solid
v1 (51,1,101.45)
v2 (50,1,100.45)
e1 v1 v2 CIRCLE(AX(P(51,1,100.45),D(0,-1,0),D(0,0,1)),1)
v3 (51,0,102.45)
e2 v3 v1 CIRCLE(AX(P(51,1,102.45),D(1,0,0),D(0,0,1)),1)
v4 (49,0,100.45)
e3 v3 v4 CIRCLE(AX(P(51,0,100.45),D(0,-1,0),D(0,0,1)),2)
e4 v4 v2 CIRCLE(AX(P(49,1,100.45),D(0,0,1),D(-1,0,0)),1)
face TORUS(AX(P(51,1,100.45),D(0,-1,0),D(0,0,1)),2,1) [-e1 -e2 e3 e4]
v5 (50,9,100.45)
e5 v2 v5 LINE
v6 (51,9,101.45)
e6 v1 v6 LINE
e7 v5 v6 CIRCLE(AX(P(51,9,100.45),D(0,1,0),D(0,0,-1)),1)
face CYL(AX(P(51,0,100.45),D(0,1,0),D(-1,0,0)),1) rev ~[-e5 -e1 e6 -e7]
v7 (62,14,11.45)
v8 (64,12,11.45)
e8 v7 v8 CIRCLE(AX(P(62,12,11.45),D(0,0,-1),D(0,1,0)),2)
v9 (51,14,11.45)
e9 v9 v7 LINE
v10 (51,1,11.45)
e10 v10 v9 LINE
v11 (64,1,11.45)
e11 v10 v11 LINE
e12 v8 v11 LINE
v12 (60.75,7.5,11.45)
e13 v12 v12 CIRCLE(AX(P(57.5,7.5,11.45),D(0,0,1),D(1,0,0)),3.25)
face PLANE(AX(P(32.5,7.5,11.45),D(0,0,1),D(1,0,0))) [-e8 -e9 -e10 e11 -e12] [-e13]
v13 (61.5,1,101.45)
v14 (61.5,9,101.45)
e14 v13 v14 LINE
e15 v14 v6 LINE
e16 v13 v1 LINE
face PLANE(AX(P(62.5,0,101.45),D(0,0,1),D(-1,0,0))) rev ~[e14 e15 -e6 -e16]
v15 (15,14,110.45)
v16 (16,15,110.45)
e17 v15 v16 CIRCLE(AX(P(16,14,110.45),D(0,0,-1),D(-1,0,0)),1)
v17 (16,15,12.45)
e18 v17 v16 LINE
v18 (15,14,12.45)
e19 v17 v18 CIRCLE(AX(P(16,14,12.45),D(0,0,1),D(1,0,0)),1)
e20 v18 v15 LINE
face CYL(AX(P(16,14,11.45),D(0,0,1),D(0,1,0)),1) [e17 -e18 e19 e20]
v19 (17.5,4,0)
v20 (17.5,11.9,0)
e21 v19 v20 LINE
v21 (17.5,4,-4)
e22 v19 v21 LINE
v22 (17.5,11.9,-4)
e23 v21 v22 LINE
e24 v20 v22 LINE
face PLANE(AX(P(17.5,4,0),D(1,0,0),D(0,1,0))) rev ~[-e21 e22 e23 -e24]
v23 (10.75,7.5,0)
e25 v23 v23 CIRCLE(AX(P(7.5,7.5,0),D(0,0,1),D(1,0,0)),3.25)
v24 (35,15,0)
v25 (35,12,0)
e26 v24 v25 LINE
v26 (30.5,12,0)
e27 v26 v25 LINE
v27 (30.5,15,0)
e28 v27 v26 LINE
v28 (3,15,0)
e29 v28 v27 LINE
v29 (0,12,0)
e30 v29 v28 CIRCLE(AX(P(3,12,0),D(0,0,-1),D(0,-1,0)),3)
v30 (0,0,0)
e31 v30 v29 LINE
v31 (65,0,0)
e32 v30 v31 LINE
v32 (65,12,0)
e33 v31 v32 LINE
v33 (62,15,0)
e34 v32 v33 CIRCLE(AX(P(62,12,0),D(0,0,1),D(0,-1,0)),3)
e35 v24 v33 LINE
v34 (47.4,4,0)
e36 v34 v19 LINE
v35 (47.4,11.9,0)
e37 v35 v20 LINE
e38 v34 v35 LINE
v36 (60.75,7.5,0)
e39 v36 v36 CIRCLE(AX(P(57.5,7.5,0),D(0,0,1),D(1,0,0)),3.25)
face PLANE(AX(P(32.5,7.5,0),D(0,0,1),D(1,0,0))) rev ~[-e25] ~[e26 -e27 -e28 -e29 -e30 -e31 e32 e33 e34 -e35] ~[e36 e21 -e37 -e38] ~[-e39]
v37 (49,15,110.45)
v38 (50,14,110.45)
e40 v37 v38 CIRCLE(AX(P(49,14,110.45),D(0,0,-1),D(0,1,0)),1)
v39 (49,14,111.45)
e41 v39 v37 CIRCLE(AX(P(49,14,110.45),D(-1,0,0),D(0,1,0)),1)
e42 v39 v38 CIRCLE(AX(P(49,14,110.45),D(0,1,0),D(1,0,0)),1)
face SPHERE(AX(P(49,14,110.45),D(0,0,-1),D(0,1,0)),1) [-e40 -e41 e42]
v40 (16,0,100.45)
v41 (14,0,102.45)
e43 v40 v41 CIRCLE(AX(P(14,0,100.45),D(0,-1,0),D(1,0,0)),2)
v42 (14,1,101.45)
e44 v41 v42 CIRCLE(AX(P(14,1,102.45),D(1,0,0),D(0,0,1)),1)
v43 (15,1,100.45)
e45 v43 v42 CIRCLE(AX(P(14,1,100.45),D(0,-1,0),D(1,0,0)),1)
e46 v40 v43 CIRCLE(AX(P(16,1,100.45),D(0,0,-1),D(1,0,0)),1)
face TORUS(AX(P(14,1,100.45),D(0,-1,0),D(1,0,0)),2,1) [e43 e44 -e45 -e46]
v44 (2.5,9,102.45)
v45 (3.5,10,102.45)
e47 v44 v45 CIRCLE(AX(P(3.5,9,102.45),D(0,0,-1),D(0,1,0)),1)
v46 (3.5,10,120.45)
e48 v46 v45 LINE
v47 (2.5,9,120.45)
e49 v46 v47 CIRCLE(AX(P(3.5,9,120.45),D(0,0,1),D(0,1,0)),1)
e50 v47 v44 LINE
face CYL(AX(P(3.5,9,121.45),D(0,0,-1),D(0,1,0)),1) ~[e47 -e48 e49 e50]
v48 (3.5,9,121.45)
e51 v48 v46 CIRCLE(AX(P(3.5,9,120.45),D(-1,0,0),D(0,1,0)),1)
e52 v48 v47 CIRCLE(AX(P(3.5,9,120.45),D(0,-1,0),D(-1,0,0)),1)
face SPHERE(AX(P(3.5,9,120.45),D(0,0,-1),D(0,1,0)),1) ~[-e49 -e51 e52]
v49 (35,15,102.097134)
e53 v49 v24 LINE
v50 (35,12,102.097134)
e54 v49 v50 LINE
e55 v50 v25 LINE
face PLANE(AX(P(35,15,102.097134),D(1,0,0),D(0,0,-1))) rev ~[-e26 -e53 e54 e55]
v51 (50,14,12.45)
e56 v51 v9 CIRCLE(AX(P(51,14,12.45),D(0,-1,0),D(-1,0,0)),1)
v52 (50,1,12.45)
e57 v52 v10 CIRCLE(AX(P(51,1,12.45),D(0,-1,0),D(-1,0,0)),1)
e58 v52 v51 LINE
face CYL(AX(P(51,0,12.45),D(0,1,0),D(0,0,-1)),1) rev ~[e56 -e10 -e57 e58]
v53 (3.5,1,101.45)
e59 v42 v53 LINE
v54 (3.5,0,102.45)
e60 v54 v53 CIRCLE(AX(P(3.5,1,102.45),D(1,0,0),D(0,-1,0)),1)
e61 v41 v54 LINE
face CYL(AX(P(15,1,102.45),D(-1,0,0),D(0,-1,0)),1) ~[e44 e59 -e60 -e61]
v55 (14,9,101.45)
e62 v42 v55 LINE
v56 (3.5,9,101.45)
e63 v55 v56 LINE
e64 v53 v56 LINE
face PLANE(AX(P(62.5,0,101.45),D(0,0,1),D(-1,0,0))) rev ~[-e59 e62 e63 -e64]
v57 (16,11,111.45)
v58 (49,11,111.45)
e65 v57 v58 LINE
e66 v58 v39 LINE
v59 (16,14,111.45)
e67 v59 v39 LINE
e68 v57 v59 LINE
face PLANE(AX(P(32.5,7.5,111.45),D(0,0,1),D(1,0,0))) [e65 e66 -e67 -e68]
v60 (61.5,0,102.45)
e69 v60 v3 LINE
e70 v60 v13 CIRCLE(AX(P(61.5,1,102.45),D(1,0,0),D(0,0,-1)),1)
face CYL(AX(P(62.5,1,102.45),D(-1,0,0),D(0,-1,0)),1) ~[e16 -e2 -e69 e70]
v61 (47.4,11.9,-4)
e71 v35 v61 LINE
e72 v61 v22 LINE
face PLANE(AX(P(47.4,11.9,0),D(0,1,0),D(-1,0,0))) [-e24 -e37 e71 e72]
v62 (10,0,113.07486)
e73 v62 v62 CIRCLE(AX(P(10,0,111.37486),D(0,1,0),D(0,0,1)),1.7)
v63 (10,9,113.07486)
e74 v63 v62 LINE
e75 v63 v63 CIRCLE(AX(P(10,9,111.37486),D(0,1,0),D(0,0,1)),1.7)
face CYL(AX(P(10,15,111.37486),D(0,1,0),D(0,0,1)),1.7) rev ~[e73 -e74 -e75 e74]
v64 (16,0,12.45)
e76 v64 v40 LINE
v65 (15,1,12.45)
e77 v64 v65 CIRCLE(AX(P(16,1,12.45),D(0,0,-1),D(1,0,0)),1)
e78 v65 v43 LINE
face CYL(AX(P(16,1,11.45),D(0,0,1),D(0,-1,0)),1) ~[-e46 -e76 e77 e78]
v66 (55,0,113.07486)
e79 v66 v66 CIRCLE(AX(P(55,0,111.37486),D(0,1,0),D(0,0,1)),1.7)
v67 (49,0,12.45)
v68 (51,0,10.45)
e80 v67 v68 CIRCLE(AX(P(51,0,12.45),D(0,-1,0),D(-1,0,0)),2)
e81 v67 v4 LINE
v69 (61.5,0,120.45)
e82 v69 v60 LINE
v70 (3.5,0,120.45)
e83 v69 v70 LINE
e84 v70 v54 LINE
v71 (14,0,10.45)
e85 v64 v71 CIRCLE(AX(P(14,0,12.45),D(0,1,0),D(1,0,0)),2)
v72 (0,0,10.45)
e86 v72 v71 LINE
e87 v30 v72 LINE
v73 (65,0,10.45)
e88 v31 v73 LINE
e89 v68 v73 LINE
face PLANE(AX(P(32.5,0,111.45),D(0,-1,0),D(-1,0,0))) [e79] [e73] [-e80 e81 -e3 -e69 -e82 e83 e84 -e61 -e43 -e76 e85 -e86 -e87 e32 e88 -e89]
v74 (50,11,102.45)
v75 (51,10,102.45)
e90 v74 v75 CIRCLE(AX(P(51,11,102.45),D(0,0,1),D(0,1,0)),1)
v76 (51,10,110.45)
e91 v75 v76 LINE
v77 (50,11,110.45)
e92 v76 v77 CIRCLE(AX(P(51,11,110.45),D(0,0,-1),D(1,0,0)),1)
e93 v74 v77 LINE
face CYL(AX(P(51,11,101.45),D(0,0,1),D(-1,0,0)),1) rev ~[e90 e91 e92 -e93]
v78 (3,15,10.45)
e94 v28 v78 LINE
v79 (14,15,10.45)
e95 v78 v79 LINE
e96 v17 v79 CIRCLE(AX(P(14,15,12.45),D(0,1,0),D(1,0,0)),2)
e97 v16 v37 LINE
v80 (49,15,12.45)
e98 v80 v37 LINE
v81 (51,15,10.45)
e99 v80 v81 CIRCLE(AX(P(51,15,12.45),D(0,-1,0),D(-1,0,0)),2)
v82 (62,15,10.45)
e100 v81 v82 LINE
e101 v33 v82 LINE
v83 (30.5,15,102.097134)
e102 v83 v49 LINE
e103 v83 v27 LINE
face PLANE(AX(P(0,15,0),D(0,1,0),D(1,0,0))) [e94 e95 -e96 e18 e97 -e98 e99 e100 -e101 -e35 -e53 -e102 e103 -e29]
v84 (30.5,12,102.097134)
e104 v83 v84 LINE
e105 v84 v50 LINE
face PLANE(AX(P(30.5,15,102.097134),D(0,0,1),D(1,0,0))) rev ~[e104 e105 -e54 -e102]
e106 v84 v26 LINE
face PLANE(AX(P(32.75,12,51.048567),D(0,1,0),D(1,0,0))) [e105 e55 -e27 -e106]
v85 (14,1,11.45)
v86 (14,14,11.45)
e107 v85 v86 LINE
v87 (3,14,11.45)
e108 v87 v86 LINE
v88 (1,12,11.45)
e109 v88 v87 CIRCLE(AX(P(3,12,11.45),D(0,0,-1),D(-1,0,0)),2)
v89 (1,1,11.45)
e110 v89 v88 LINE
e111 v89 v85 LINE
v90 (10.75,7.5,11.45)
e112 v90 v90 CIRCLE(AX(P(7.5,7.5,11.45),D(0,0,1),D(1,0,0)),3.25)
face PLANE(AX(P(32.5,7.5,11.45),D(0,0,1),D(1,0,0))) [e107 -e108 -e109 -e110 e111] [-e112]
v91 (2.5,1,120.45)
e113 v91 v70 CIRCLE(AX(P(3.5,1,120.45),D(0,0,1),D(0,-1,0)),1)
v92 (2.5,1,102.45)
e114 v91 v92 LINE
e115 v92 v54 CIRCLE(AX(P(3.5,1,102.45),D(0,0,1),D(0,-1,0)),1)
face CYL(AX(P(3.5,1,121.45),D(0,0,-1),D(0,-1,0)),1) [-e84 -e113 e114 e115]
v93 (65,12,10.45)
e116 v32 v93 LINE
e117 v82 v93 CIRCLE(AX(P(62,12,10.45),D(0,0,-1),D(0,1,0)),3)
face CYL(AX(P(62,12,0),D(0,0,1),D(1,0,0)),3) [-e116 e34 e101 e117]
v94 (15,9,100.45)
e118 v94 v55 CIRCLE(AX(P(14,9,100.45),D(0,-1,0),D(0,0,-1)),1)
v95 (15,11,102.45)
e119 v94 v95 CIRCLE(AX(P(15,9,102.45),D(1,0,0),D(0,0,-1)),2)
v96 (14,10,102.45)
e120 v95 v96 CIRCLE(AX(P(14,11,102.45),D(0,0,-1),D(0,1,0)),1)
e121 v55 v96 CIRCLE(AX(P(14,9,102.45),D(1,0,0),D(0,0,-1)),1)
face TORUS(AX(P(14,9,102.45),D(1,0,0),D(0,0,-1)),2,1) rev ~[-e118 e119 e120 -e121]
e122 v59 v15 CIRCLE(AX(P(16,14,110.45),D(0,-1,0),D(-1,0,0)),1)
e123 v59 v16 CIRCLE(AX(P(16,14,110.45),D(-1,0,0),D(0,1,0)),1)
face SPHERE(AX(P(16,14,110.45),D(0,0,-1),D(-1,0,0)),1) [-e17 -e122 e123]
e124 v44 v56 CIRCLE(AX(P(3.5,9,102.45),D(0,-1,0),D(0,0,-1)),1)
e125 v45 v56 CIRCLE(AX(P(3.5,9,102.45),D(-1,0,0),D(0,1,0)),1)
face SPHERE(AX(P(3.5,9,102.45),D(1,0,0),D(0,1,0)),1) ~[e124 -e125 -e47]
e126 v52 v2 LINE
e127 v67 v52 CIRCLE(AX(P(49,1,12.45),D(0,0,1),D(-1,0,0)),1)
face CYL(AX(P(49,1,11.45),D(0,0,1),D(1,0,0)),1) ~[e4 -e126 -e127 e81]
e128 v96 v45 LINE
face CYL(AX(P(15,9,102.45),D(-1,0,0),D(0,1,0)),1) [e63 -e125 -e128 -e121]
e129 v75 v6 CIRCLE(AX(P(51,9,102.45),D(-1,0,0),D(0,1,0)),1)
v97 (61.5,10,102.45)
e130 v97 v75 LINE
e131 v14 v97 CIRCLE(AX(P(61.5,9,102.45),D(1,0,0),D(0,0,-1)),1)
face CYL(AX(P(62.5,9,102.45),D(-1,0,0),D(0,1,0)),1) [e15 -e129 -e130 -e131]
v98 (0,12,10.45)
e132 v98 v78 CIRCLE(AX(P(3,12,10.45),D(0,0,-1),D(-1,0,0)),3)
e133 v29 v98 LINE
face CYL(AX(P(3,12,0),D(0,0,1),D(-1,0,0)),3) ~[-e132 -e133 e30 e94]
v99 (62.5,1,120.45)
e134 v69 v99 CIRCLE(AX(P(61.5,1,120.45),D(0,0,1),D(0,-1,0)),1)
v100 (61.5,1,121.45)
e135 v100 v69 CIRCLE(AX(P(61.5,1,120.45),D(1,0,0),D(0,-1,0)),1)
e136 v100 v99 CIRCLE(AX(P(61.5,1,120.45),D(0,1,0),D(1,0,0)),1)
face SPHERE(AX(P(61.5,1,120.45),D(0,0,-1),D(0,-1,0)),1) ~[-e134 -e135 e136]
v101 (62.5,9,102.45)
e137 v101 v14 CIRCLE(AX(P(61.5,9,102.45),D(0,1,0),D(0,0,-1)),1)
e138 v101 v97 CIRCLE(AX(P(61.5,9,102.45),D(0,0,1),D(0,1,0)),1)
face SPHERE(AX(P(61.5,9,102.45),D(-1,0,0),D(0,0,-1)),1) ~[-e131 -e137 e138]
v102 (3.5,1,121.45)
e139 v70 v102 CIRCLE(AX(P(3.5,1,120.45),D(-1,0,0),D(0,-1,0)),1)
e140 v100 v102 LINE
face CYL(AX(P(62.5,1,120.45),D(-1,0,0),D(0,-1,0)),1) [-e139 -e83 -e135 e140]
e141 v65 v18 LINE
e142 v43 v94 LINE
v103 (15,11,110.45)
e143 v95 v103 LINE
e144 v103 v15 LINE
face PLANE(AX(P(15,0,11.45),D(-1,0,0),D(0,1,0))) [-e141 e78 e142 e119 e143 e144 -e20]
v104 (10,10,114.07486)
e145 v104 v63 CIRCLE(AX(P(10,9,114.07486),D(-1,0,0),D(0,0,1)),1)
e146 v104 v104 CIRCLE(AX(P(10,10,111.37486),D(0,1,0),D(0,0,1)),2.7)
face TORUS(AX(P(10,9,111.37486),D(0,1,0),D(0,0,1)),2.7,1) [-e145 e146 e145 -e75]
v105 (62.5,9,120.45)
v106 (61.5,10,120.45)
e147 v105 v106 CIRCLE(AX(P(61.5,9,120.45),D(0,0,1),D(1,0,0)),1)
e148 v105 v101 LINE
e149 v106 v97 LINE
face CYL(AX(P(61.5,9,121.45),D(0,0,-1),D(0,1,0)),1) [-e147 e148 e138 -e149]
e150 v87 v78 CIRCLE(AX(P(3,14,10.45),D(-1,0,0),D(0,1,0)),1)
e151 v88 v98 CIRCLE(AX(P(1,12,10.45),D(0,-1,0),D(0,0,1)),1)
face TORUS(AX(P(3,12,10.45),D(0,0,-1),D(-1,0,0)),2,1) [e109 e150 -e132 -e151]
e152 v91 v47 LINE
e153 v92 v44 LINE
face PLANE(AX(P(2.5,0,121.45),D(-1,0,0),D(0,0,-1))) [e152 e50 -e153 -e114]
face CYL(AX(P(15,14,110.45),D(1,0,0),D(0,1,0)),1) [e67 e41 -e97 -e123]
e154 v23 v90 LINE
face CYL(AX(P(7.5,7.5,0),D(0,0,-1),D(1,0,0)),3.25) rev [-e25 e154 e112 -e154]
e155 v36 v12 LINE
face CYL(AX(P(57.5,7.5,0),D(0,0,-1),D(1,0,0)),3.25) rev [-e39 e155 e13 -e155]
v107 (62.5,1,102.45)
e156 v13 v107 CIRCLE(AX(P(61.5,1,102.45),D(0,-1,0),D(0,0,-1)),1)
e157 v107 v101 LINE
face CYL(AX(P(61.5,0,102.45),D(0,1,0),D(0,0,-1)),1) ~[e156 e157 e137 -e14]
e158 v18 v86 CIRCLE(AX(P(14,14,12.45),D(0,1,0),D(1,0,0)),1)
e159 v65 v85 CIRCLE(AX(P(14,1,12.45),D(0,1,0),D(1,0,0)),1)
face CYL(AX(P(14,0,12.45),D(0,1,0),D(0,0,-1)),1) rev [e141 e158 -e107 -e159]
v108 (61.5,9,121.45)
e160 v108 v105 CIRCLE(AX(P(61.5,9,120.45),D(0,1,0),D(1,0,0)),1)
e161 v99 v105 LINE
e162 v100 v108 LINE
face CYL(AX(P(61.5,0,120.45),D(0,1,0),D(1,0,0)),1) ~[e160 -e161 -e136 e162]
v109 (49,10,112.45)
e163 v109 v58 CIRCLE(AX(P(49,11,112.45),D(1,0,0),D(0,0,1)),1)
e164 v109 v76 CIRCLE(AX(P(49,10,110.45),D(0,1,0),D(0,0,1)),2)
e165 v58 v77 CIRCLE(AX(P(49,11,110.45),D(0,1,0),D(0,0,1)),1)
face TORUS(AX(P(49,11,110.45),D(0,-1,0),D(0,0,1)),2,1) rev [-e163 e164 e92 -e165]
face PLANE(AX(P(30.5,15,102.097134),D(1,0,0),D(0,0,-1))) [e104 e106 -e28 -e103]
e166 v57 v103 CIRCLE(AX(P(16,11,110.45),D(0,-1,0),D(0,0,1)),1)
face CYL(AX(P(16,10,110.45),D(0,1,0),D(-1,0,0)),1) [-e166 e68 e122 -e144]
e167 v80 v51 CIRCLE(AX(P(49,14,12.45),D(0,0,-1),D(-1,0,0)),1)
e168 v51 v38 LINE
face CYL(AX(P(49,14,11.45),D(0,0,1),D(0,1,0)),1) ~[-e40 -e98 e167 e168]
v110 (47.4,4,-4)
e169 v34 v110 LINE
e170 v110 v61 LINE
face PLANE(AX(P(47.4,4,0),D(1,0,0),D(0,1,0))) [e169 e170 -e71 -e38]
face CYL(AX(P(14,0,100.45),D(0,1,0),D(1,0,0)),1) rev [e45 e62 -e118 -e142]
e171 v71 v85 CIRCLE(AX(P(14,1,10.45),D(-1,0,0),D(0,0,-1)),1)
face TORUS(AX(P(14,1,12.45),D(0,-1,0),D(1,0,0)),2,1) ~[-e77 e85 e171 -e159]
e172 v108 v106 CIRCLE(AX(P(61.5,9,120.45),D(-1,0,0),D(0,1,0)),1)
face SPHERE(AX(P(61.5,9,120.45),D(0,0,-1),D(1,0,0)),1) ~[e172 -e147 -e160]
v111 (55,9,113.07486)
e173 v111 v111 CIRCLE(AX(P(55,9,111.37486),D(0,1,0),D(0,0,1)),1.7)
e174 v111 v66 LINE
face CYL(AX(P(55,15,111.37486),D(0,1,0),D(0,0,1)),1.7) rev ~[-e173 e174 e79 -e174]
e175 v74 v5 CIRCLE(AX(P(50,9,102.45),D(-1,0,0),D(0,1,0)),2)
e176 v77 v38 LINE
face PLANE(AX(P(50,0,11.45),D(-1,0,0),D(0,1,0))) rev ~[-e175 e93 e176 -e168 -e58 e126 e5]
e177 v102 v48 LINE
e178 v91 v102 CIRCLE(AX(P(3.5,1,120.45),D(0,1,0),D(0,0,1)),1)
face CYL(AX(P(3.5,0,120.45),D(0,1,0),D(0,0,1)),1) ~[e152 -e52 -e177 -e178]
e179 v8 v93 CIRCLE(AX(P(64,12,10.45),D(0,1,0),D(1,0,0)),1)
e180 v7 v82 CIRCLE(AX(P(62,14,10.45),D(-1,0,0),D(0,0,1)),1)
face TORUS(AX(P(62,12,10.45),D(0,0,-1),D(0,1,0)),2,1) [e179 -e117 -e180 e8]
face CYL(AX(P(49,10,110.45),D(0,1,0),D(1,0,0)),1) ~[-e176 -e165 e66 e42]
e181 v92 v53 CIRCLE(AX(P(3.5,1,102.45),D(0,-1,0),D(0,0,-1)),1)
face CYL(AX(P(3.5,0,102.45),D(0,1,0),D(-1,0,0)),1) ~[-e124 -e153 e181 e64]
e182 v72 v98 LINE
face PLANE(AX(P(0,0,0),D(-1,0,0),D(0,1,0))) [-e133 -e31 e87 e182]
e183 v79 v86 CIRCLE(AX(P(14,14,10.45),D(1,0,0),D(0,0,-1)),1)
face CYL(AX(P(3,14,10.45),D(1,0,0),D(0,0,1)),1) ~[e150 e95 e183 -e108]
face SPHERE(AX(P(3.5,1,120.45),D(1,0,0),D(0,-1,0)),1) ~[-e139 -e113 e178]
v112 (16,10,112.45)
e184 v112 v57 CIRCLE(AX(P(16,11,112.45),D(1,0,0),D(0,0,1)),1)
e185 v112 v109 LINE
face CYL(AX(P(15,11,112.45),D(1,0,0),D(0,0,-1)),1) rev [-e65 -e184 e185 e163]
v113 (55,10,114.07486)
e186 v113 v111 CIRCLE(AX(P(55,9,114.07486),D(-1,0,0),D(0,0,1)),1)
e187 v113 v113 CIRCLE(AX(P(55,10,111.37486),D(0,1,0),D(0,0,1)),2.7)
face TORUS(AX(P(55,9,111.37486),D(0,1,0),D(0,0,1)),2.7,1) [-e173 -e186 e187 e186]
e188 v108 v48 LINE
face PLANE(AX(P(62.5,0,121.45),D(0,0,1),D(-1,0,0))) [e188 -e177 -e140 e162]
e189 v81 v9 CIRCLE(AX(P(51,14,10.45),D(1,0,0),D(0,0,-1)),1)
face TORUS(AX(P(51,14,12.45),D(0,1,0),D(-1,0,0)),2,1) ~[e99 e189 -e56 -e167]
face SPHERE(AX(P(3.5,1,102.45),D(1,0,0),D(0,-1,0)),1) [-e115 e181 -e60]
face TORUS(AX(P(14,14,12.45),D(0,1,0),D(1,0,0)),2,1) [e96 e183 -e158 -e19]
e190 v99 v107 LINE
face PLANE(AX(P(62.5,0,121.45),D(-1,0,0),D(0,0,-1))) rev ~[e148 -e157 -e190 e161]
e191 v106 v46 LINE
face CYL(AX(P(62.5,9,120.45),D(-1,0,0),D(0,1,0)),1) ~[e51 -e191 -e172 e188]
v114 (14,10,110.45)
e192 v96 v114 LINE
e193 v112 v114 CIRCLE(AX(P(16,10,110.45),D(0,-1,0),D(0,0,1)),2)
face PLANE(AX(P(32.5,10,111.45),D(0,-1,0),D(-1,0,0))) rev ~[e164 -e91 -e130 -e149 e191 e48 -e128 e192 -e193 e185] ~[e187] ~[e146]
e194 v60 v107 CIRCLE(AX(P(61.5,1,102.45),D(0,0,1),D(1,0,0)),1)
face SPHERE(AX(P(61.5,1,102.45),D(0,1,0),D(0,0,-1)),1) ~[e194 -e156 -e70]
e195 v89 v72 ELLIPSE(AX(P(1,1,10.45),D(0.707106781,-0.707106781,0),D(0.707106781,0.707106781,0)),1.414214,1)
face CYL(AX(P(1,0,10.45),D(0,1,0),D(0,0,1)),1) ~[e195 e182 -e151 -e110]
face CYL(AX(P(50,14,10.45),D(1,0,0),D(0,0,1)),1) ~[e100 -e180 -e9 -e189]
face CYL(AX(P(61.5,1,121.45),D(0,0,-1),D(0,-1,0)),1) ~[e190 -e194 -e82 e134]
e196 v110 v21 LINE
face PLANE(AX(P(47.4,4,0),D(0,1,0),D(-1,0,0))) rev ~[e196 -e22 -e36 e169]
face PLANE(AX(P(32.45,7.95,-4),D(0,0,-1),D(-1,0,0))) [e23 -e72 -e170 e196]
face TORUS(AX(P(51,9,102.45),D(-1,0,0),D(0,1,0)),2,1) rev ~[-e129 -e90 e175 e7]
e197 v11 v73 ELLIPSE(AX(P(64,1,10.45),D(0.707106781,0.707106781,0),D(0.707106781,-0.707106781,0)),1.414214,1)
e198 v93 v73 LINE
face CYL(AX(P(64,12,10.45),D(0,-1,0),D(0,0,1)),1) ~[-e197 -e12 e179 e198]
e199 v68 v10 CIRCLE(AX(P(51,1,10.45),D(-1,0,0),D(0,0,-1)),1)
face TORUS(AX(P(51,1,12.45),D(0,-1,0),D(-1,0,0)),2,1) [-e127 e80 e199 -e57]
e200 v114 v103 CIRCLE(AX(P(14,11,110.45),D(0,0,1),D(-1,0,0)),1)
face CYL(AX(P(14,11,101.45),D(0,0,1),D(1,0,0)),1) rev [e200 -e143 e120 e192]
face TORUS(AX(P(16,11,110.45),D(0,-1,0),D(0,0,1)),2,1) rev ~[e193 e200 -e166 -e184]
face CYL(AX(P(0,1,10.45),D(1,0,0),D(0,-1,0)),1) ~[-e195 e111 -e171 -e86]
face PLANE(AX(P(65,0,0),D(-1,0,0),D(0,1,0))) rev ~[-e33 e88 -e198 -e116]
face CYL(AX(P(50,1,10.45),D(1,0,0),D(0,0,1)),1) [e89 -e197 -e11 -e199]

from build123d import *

# Parameters (mm, degrees)
SKETCH1_W           = 65
SKETCH1_H           = 15
SKETCH1_R           = 3.25
BOSS_EXTRUDE1_DEPTH = 11.45
SKETCH2_W           = 35
SKETCH2_H           = 15
BOSS_EXTRUDE2_DEPTH = 100
SKETCH3_W           = 60
SKETCH3_H           = 20
BOSS_EXTRUDE3_DEPTH = 10
SKETCH4_R           = 1.7
CUT_EXTRUDE1_DEPTH  = 31.45
SKETCH5_W           = 29.9
SKETCH5_H           = 7.9
BOSS_EXTRUDE4_DEPTH = 4
SKETCH6_W           = 4.5
SKETCH6_H           = 102.097133978
CUT_EXTRUDE2_DEPTH  = 3
FILLET1_R           = 3
FILLET2_R           = 1


with BuildPart() as part:
    # Sketch1 → Boss-Extrude1 (new body)
    with BuildSketch(Plane.XY):
        with Locations((32.5, 7.5)):
            Rectangle(SKETCH1_W, SKETCH1_H)
        with Locations((7.5, 7.5)):
            Circle(SKETCH1_R, mode=Mode.SUBTRACT)
        with Locations((57.5, 7.5)):
            Circle(SKETCH1_R, mode=Mode.SUBTRACT)
    extrude(amount=BOSS_EXTRUDE1_DEPTH)

    # Sketch2 → Boss-Extrude2 (add)
    with BuildSketch(Plane.XY.offset(11.45)):
        with Locations((32.5, 7.5)):
            Rectangle(SKETCH2_W, SKETCH2_H)
    extrude(amount=BOSS_EXTRUDE2_DEPTH)

    # Sketch3 → Boss-Extrude3 (add)
    with BuildSketch(Plane(origin=(0, 0, 0), x_dir=(-1, 0, 0), z_dir=(0, -1, 0))):
        with Locations((-32.5, -111.45)):
            Rectangle(SKETCH3_W, SKETCH3_H)
    extrude(amount=-BOSS_EXTRUDE3_DEPTH)

    # Sketch4 → Cut-Extrude1 (cut)
    with BuildSketch(Plane(origin=(0, 15, 0), x_dir=(1, 0, 0), z_dir=(0, 1, 0))):
        with Locations(Location((10, -111.374859721, 0), (0, 0, 270))):
            Circle(SKETCH4_R)
        with Locations(Location((55, -111.374859721, 0), (0, 0, 270))):
            Circle(SKETCH4_R)
    extrude(amount=-CUT_EXTRUDE1_DEPTH, mode=Mode.SUBTRACT)

    # Sketch5 → Boss-Extrude4 (add)
    with BuildSketch(Plane(origin=(0, 0, 0), x_dir=(-1, 0, 0), z_dir=(0, 0, -1))):
        with Locations((-32.45, 7.95)):
            Rectangle(SKETCH5_W, SKETCH5_H)
    extrude(amount=BOSS_EXTRUDE4_DEPTH)

    # Sketch6 → Cut-Extrude2 (cut)
    with BuildSketch(Plane(origin=(0, 15, 0), x_dir=(1, 0, 0), z_dir=(0, 1, 0))):
        with Locations((32.75, -51.048566989)):
            Rectangle(SKETCH6_W, SKETCH6_H)
    extrude(amount=-CUT_EXTRUDE2_DEPTH, mode=Mode.SUBTRACT)

    # Fillet1
    fillet1_edges = [part.edges().sort_by_distance(p)[0] for p in [
        (0, 15, 5.725),
        (65, 15, 5.725),
    ]]
    fillet(fillet1_edges, radius=FILLET1_R)

    # Fillet2
    fillet2_edges = [part.edges().sort_by_distance(p)[0] for p in [
        (56, 15, 11.45),
        (64.121320344, 14.121320344, 11.45),
        (0, 6, 11.45),
        (0.878679656, 14.121320344, 11.45),
        (65, 6, 11.45),
        (57.5, 0, 11.45),
        (9, 15, 11.45),
        (15, 7.5, 11.45),
        (15, 15, 61.45),
        (50, 7.5, 11.45),
        (50, 15, 61.45),
        (15, 12.5, 111.45),
        (32.5, 15, 111.45),
        (50, 12.5, 111.45),
        (32.5, 10, 111.45),
        (50, 0, 56.45),
        (50, 5, 101.45),
        (15, 0, 56.45),
        (8.75, 10, 101.45),
        (56.25, 10, 101.45),
        (62.5, 5, 101.45),
        (8.75, 0, 101.45),
        (56.25, 0, 101.45),
        (62.5, 0, 111.45),
        (32.5, 0, 121.45),
        (2.5, 0, 111.45),
        (62.5, 10, 111.45),
        (62.5, 5, 121.45),
        (15, 5, 101.45),
        (2.5, 10, 111.45),
        (2.5, 5, 101.45),
        (32.5, 10, 121.45),
        (2.5, 5, 121.45),
        (15, 10, 106.45),
        (50, 10, 106.45),
        (10, 10, 109.674859721),
        (55, 10, 109.674859721),
        (7.5, 0, 11.45),
    ]]
    fillet(fillet2_edges, radius=FILLET2_R)


solid = part.part
